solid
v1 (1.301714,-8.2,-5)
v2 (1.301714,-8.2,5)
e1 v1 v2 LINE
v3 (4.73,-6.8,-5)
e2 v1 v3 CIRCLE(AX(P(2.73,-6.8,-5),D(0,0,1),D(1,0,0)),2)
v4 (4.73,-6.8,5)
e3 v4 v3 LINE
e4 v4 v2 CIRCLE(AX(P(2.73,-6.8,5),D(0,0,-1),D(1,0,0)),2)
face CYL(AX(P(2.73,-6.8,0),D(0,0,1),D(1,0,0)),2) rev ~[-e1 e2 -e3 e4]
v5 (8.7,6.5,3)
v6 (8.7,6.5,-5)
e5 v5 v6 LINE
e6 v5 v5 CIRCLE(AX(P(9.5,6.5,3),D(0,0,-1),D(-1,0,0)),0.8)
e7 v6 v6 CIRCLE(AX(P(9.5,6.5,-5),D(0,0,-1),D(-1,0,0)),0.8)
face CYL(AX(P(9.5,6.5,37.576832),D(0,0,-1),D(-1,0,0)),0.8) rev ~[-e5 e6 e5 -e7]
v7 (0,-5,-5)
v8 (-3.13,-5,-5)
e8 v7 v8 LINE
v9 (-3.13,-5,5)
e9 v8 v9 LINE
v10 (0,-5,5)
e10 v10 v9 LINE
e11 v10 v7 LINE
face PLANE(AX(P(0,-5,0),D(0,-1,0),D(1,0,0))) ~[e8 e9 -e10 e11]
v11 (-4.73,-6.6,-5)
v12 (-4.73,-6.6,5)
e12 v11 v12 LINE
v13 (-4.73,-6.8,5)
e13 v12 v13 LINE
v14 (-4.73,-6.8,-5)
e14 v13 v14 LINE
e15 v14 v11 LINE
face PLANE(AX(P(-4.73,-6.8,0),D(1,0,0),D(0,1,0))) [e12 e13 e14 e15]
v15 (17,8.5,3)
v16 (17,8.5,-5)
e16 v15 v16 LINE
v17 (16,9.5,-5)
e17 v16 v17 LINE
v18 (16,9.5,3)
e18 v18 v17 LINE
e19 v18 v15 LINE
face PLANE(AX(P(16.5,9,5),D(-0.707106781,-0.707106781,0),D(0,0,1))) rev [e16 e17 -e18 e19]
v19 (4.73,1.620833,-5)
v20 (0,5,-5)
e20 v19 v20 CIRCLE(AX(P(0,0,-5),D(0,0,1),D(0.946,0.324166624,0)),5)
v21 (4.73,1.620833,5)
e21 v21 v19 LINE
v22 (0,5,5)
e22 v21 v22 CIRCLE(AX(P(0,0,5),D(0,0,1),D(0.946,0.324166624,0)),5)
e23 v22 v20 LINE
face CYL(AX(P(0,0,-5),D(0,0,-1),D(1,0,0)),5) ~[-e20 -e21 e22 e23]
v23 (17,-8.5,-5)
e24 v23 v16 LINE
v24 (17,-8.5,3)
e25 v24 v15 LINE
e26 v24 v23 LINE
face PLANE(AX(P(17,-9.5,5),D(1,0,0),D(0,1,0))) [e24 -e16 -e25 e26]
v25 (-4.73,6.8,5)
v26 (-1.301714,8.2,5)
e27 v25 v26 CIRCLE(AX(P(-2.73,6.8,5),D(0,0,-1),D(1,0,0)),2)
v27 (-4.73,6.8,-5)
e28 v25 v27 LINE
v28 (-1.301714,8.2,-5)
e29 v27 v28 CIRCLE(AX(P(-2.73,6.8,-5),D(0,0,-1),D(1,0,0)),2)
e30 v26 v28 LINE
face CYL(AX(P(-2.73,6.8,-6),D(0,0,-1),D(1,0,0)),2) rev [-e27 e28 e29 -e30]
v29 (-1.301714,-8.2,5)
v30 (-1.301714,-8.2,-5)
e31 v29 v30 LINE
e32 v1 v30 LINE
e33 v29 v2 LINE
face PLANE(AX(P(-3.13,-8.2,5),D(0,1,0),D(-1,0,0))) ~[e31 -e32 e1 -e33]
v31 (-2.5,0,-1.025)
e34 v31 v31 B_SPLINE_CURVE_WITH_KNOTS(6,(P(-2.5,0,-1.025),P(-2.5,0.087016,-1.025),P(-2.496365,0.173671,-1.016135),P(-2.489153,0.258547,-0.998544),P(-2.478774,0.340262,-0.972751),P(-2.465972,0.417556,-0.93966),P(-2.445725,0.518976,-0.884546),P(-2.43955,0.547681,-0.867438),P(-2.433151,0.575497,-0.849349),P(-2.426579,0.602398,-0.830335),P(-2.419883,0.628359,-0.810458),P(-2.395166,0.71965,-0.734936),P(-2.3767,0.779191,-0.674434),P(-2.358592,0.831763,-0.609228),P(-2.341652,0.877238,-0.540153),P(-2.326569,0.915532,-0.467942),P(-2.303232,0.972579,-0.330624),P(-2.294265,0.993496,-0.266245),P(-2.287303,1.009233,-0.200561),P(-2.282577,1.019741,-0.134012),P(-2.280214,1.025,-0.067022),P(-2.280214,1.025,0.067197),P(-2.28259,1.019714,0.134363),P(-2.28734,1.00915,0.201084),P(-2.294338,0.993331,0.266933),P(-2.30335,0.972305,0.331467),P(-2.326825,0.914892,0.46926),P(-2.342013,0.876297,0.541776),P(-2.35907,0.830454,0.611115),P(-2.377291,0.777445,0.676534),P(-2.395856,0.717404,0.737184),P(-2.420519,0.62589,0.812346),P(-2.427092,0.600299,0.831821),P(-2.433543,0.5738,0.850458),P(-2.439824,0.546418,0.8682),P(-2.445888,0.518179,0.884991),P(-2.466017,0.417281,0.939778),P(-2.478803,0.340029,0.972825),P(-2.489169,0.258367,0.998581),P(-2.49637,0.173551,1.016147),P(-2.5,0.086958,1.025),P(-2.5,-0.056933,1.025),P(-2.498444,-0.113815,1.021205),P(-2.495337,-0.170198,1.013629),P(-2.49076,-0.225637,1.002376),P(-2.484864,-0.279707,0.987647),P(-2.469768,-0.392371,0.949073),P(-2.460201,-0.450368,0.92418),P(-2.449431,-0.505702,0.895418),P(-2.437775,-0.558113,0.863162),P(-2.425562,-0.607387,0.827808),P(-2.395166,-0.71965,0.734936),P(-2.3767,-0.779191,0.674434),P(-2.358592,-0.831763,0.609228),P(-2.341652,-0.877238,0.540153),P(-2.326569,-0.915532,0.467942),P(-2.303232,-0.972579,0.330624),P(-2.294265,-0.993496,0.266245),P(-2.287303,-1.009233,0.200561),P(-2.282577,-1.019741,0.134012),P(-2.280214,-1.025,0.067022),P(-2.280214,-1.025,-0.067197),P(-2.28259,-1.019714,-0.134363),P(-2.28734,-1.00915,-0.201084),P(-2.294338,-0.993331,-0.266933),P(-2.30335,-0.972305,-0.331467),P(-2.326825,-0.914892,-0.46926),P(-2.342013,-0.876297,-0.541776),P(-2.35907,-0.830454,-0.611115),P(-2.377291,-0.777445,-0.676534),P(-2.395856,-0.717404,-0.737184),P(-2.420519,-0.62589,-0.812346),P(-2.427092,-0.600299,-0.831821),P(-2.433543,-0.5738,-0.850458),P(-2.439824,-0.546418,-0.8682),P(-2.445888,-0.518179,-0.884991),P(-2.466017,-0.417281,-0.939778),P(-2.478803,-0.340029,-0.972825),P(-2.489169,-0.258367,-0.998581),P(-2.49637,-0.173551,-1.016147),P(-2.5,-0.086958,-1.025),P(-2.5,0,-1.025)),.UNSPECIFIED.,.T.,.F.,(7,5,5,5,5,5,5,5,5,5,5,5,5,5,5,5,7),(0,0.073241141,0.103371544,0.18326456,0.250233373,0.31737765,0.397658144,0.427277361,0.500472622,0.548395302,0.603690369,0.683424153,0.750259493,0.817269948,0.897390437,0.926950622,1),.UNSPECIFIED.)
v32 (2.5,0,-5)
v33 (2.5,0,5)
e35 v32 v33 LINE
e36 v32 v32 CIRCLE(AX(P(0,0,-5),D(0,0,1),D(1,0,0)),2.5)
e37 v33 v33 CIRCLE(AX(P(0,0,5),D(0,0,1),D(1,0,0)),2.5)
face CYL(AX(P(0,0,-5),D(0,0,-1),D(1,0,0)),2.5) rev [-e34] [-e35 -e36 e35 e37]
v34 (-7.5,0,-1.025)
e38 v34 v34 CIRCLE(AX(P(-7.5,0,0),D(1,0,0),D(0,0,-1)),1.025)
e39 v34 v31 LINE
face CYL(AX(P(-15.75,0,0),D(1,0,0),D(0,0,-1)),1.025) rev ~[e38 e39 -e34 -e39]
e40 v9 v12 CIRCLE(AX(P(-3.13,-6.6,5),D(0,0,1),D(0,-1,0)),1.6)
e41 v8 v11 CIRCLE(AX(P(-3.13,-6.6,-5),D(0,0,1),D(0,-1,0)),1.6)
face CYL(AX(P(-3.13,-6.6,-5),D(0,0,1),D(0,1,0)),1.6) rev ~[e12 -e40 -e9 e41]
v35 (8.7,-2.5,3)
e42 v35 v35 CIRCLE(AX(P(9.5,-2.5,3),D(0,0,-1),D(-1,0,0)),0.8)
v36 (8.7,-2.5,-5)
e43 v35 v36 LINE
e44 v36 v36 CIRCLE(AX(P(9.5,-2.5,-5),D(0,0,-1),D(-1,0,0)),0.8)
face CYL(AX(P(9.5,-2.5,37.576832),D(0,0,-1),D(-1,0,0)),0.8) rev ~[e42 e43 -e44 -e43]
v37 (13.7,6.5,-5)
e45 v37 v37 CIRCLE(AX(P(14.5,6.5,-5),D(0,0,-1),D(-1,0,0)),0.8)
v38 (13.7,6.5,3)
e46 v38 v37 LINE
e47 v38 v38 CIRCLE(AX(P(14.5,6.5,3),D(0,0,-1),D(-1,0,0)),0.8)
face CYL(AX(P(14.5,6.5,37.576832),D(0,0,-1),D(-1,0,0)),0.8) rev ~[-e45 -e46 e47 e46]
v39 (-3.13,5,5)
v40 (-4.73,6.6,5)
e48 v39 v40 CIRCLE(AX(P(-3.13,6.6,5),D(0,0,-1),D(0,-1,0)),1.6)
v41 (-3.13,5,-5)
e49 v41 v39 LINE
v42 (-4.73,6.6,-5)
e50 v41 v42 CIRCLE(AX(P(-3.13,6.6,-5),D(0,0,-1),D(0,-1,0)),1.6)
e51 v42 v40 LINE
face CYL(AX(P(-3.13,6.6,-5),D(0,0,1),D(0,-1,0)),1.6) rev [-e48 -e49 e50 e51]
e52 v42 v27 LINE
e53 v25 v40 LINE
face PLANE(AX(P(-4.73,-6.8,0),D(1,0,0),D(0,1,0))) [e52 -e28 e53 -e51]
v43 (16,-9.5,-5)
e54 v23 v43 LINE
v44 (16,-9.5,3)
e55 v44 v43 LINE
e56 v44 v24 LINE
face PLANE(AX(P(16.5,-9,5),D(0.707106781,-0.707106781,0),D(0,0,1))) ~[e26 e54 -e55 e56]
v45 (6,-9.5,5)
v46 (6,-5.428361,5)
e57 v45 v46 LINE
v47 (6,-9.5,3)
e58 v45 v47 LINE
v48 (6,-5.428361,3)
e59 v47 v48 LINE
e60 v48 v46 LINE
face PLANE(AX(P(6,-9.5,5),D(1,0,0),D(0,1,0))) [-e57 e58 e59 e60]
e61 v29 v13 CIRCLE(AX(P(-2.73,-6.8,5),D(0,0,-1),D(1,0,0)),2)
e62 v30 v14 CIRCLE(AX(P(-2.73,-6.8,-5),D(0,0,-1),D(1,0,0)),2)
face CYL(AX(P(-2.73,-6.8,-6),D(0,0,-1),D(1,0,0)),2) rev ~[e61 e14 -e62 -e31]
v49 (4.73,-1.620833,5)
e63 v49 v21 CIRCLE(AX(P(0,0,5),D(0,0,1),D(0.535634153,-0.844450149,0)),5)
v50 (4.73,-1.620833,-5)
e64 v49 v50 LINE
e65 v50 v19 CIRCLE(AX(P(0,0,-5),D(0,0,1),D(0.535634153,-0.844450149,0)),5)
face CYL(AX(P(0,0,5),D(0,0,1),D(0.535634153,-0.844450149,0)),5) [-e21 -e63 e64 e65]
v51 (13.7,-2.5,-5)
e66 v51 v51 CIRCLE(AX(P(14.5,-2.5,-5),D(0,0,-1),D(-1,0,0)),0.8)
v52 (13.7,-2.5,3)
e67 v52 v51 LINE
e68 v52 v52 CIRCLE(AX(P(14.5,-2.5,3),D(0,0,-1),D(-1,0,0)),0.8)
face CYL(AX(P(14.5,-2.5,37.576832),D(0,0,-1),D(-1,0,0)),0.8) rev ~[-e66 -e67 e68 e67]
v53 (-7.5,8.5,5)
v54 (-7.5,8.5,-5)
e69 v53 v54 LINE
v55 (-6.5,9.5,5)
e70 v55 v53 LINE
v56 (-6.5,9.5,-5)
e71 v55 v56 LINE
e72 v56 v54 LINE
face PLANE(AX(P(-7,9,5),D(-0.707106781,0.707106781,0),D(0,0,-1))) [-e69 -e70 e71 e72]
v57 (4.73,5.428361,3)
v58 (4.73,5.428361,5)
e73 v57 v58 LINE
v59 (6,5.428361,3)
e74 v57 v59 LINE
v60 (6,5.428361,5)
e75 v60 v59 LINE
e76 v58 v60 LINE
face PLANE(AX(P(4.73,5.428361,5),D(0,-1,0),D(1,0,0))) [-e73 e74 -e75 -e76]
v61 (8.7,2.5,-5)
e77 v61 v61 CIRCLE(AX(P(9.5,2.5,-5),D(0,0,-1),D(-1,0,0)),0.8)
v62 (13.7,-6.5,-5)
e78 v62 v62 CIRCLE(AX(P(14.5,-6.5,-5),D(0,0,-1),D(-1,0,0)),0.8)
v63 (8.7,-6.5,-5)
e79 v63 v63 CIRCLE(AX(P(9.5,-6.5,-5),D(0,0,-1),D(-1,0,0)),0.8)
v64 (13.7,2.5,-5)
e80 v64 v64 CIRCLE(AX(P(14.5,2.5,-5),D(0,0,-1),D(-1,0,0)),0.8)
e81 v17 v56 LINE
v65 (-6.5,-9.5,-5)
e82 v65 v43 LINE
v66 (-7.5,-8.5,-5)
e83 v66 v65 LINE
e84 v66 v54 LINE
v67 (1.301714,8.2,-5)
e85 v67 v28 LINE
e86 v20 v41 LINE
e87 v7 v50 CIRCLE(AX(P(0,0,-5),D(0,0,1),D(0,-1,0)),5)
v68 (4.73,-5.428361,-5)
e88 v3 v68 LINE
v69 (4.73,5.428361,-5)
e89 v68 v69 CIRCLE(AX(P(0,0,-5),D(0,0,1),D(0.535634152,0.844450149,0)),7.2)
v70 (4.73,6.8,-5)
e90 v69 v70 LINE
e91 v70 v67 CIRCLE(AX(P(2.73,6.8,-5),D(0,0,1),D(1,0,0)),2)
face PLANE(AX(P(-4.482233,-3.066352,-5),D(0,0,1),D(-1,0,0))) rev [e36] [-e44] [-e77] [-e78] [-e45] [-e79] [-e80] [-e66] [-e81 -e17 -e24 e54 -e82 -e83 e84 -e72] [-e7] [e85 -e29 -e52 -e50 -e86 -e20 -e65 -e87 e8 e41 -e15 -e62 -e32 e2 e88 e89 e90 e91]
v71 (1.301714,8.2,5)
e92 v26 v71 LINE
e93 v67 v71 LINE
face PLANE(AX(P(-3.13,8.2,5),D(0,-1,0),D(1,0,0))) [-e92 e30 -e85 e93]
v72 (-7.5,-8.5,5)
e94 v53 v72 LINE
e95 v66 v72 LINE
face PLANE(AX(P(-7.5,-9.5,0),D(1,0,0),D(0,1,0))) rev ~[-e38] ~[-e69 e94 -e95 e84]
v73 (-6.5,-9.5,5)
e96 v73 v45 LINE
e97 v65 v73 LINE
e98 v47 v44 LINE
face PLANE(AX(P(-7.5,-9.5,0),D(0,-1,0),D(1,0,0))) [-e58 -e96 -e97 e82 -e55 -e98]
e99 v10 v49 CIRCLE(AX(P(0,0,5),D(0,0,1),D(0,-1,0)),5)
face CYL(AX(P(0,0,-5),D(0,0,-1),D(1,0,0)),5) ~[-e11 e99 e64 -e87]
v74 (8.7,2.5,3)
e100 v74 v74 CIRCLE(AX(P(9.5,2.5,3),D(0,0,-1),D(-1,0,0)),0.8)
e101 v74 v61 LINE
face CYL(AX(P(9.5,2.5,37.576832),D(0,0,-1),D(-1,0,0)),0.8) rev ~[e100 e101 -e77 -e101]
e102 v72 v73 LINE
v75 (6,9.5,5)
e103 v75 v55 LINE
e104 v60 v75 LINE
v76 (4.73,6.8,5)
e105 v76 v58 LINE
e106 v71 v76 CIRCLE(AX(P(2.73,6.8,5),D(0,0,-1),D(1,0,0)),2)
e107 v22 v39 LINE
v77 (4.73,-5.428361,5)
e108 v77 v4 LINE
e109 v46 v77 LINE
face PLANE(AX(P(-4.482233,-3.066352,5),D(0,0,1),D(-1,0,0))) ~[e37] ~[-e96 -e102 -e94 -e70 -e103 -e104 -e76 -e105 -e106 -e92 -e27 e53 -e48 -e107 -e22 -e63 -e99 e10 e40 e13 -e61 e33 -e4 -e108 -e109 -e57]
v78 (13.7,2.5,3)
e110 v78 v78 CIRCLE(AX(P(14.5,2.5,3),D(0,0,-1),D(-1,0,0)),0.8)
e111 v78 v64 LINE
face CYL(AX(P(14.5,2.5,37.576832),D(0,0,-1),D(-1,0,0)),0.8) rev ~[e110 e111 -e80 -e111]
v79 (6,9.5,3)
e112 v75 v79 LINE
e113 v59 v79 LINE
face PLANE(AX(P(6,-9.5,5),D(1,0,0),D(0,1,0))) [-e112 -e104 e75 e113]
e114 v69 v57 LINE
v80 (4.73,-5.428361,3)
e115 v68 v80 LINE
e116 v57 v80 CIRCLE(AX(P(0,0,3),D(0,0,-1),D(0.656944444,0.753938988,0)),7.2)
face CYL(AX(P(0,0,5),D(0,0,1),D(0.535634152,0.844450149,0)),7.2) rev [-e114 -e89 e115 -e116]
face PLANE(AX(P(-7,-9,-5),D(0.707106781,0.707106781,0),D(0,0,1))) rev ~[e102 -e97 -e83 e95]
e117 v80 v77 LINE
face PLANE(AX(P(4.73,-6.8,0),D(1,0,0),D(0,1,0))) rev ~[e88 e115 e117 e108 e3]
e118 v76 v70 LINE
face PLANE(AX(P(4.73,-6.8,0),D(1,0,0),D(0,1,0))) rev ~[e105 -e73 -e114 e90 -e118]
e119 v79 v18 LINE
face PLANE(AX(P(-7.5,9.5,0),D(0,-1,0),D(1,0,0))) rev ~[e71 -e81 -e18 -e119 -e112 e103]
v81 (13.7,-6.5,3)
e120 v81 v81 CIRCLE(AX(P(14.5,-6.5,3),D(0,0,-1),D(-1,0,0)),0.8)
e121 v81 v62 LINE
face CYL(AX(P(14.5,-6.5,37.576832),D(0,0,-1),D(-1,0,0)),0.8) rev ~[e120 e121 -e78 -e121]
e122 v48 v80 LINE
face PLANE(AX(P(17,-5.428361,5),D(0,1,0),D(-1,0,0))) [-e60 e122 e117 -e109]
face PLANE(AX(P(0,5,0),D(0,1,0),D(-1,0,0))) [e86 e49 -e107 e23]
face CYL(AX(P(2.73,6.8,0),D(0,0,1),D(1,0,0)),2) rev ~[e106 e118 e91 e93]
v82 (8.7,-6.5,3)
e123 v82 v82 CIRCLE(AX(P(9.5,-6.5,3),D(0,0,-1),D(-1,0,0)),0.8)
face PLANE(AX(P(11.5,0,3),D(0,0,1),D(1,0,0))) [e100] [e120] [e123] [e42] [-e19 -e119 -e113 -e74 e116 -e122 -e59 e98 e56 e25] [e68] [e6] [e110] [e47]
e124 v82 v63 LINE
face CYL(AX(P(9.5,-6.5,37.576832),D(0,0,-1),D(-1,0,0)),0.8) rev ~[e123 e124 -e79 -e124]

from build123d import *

# Parameters (mm, degrees)
SKETCH1_W                = 15
SKETCH1_H                = 19
BOSS_EXTRUDE1_DEPTH      = 5
BOSS_EXTRUDE1_DEPTH_BACK = 5
CUT_EXTRUDE1_START       = -6
SKETCH2_R                = 2
CUT_EXTRUDE1_DEPTH       = 16
SKETCH5_R                = 2
CUT_EXTRUDE4_DEPTH       = 17
CUT_EXTRUDE4_DEPTH_BACK  = 17
SKETCH6_R                = 2
CUT_EXTRUDE5_DEPTH       = 17
CUT_EXTRUDE5_DEPTH_BACK  = 17
SKETCH10_W               = 9.46
SKETCH10_H               = 13.6
CUT_EXTRUDE6_DEPTH       = 6
CUT_EXTRUDE6_DEPTH_BACK  = 6
BOSS_EXTRUDE2_START      = -5
SKETCH7_R                = 5
SKETCH7_R_2              = 2.5
BOSS_EXTRUDE2_DEPTH      = 10
BOSS_EXTRUDE3_DEPTH      = 5
FILLET1_R                = 1.6
SKETCH11_W               = 12.27
SKETCH11_H               = 19
BOSS_EXTRUDE4_DEPTH      = 10
CHAMFER1_SIZE            = 1
SKETCH16_W               = 5.80562201
SKETCH16_H               = 3.2
CUT_EXTRUDE8_DEPTH       = 11.5
CUT_EXTRUDE9_DEPTH       = 11.5
TROU_TARAUD_M21_D        = 1.6
SKETCH24_W               = 11
SKETCH24_H               = 19
CUT_EXTRUDE10_DEPTH      = 2
CUT_EXTRUDE11_DEPTH      = 2
TROU_TARAUD_M2_51_D      = 2.05
TROU_TARAUD_M2_51_DEPTH  = 8.25
TROU_TARAUD_M2_51_TIP    = 0.615882135


with BuildPart() as part:
    # Sketch1 → Boss-Extrude1 (new body, two sides)
    with BuildSketch(Plane.XY) as boss_extrude1_sk:
        Rectangle(SKETCH1_W, SKETCH1_H)
    extrude(amount=BOSS_EXTRUDE1_DEPTH)
    extrude(boss_extrude1_sk.sketch, amount=-BOSS_EXTRUDE1_DEPTH_BACK)

    # Sketch2 → Cut-Extrude1 (cut)
    with BuildSketch(Plane.XY.offset(CUT_EXTRUDE1_START)):
        with Locations((-2.73, 6.8)):
            Circle(SKETCH2_R)
    cut_extrude1 = extrude(amount=CUT_EXTRUDE1_DEPTH, mode=Mode.SUBTRACT)

    # Mirror3: Cut-Extrude1 across plane
    add(cut_extrude1.mirror(Plane.ZX), mode=Mode.SUBTRACT)

    # Sketch5 → Cut-Extrude4 (cut, two sides)
    with BuildSketch(Plane.XY) as cut_extrude4_sk:
        with Locations((2.73, 6.8)):
            Circle(SKETCH5_R)
    extrude(amount=CUT_EXTRUDE4_DEPTH, mode=Mode.SUBTRACT)
    extrude(cut_extrude4_sk.sketch, amount=-CUT_EXTRUDE4_DEPTH_BACK, mode=Mode.SUBTRACT)

    # Sketch6 → Cut-Extrude5 (cut, two sides)
    with BuildSketch(Plane.XY) as cut_extrude5_sk:
        with Locations((2.73, -6.8)):
            Circle(SKETCH6_R)
    extrude(amount=CUT_EXTRUDE5_DEPTH, mode=Mode.SUBTRACT)
    extrude(cut_extrude5_sk.sketch, amount=-CUT_EXTRUDE5_DEPTH_BACK, mode=Mode.SUBTRACT)

    # Sketch10 → Cut-Extrude6 (cut, two sides)
    with BuildSketch(Plane.XY) as cut_extrude6_sk:
        Rectangle(SKETCH10_W, SKETCH10_H)
    extrude(amount=CUT_EXTRUDE6_DEPTH, mode=Mode.SUBTRACT)
    extrude(cut_extrude6_sk.sketch, amount=-CUT_EXTRUDE6_DEPTH_BACK, mode=Mode.SUBTRACT)



with BuildPart() as body_2:
    # Sketch7 → Boss-Extrude2 (new body)
    with BuildSketch(Plane.XY.offset(BOSS_EXTRUDE2_START)):
        Circle(SKETCH7_R)
        Circle(SKETCH7_R_2, mode=Mode.SUBTRACT)
    extrude(amount=BOSS_EXTRUDE2_DEPTH)


with BuildPart() as part_1:
    add(part.part)

    add(body_2.part)  # Boss-Extrude3 merges body 2
    # Sketch8 → Boss-Extrude3 (add, symmetric)
    with BuildSketch(Plane.XY):
        Polygon((0, 5), (-7.5, 5), (-7.5, 0), (-5, 0), align=None)
    boss_extrude3 = extrude(amount=BOSS_EXTRUDE3_DEPTH, both=True)

    # Mirror7: Boss-Extrude3 across plane
    add(boss_extrude3.mirror(Plane.ZX))

    # Fillet1
    fillet1_edges = [part_1.edges().sort_by_distance(p)[0] for p in [
        (-4.73, -5, 0),
        (-4.73, 5, 0),
    ]]
    fillet(fillet1_edges, radius=FILLET1_R)

    # Sketch11 → Boss-Extrude4 (add)
    with BuildSketch(Plane.XY.offset(5)):
        with Locations((10.865, 0)):
            Rectangle(SKETCH11_W, SKETCH11_H)
    extrude(amount=-BOSS_EXTRUDE4_DEPTH)

    # Chamfer1
    chamfer1_edges = [part_1.edges().sort_by_distance(p)[0] for p in [
        (17, 9.5, 0),
        (17, -9.5, 0),
        (-7.5, 9.5, 0),
        (-7.5, -9.5, 0),
    ]]
    chamfer(chamfer1_edges, length=CHAMFER1_SIZE)

    # Sketch16 → Cut-Extrude8 (cut)
    with BuildSketch(Plane.XY.offset(5)):
        with Locations((-0.227188995, 6.6)):
            Rectangle(SKETCH16_W, SKETCH16_H)
    cut_extrude8 = extrude(amount=-CUT_EXTRUDE8_DEPTH, mode=Mode.SUBTRACT)

    # Mirror8: Cut-Extrude8 across plane
    add(cut_extrude8.mirror(Plane.ZX), mode=Mode.SUBTRACT)

    # Sketch17 → Cut-Extrude9 (cut)
    with BuildSketch(Plane.XY.offset(5)):
        with BuildLine():
            ThreePointArc((2.678170763, -4.222250746), (5, 0), (2.678170763, 4.222250746))
            ThreePointArc((2.678170763, 4.222250746), (2.338473166, 5.740343478), (3.856565898, 6.080041075))
            ThreePointArc((3.856565898, 6.080041075), (7.2, 0), (3.856565898, -6.080041075))
            ThreePointArc((3.856565898, -6.080041075), (2.338473166, -5.740343478), (2.678170763, -4.222250746))
        make_face()
    extrude(amount=-CUT_EXTRUDE9_DEPTH, mode=Mode.SUBTRACT)

    # Trou taraudé M21 (through all)
    with Locations(Plane.XY.offset(5)):
        with Locations((14.5, 6.5), (14.5, -6.5), (9.5, 6.5), (9.5, -6.5), (9.5, 2.5), (14.5, 2.5), (14.5, -2.5), (9.5, -2.5)):
            Hole(TROU_TARAUD_M21_D / 2)

    # Sketch24 → Cut-Extrude10 (cut)
    with BuildSketch(Plane.XY.offset(5)):
        with Locations((11.5, 0)):
            Rectangle(SKETCH24_W, SKETCH24_H)
    extrude(amount=-CUT_EXTRUDE10_DEPTH, mode=Mode.SUBTRACT)

    # Sketch25 → Cut-Extrude11 (cut)
    with BuildSketch(Plane.XY.offset(5)):
        Polygon((17, -5.42836071), (4.73, -5.42836071), (6.865, 0), (4.73, 5.42836071), (17, 5.42836071), align=None)
    extrude(amount=-CUT_EXTRUDE11_DEPTH, mode=Mode.SUBTRACT)

    # Trou taraudé M2.51
    with Locations(Plane.ZY.offset(7.5)):
        with Locations((0, 0)):
            Hole(TROU_TARAUD_M2_51_D / 2, depth=TROU_TARAUD_M2_51_DEPTH)
            with Locations((0, 0, -(TROU_TARAUD_M2_51_DEPTH + TROU_TARAUD_M2_51_TIP / 2))):  # 118° drill point
                Cone(0, TROU_TARAUD_M2_51_D / 2, TROU_TARAUD_M2_51_TIP, mode=Mode.SUBTRACT)


solid = part_1.part
